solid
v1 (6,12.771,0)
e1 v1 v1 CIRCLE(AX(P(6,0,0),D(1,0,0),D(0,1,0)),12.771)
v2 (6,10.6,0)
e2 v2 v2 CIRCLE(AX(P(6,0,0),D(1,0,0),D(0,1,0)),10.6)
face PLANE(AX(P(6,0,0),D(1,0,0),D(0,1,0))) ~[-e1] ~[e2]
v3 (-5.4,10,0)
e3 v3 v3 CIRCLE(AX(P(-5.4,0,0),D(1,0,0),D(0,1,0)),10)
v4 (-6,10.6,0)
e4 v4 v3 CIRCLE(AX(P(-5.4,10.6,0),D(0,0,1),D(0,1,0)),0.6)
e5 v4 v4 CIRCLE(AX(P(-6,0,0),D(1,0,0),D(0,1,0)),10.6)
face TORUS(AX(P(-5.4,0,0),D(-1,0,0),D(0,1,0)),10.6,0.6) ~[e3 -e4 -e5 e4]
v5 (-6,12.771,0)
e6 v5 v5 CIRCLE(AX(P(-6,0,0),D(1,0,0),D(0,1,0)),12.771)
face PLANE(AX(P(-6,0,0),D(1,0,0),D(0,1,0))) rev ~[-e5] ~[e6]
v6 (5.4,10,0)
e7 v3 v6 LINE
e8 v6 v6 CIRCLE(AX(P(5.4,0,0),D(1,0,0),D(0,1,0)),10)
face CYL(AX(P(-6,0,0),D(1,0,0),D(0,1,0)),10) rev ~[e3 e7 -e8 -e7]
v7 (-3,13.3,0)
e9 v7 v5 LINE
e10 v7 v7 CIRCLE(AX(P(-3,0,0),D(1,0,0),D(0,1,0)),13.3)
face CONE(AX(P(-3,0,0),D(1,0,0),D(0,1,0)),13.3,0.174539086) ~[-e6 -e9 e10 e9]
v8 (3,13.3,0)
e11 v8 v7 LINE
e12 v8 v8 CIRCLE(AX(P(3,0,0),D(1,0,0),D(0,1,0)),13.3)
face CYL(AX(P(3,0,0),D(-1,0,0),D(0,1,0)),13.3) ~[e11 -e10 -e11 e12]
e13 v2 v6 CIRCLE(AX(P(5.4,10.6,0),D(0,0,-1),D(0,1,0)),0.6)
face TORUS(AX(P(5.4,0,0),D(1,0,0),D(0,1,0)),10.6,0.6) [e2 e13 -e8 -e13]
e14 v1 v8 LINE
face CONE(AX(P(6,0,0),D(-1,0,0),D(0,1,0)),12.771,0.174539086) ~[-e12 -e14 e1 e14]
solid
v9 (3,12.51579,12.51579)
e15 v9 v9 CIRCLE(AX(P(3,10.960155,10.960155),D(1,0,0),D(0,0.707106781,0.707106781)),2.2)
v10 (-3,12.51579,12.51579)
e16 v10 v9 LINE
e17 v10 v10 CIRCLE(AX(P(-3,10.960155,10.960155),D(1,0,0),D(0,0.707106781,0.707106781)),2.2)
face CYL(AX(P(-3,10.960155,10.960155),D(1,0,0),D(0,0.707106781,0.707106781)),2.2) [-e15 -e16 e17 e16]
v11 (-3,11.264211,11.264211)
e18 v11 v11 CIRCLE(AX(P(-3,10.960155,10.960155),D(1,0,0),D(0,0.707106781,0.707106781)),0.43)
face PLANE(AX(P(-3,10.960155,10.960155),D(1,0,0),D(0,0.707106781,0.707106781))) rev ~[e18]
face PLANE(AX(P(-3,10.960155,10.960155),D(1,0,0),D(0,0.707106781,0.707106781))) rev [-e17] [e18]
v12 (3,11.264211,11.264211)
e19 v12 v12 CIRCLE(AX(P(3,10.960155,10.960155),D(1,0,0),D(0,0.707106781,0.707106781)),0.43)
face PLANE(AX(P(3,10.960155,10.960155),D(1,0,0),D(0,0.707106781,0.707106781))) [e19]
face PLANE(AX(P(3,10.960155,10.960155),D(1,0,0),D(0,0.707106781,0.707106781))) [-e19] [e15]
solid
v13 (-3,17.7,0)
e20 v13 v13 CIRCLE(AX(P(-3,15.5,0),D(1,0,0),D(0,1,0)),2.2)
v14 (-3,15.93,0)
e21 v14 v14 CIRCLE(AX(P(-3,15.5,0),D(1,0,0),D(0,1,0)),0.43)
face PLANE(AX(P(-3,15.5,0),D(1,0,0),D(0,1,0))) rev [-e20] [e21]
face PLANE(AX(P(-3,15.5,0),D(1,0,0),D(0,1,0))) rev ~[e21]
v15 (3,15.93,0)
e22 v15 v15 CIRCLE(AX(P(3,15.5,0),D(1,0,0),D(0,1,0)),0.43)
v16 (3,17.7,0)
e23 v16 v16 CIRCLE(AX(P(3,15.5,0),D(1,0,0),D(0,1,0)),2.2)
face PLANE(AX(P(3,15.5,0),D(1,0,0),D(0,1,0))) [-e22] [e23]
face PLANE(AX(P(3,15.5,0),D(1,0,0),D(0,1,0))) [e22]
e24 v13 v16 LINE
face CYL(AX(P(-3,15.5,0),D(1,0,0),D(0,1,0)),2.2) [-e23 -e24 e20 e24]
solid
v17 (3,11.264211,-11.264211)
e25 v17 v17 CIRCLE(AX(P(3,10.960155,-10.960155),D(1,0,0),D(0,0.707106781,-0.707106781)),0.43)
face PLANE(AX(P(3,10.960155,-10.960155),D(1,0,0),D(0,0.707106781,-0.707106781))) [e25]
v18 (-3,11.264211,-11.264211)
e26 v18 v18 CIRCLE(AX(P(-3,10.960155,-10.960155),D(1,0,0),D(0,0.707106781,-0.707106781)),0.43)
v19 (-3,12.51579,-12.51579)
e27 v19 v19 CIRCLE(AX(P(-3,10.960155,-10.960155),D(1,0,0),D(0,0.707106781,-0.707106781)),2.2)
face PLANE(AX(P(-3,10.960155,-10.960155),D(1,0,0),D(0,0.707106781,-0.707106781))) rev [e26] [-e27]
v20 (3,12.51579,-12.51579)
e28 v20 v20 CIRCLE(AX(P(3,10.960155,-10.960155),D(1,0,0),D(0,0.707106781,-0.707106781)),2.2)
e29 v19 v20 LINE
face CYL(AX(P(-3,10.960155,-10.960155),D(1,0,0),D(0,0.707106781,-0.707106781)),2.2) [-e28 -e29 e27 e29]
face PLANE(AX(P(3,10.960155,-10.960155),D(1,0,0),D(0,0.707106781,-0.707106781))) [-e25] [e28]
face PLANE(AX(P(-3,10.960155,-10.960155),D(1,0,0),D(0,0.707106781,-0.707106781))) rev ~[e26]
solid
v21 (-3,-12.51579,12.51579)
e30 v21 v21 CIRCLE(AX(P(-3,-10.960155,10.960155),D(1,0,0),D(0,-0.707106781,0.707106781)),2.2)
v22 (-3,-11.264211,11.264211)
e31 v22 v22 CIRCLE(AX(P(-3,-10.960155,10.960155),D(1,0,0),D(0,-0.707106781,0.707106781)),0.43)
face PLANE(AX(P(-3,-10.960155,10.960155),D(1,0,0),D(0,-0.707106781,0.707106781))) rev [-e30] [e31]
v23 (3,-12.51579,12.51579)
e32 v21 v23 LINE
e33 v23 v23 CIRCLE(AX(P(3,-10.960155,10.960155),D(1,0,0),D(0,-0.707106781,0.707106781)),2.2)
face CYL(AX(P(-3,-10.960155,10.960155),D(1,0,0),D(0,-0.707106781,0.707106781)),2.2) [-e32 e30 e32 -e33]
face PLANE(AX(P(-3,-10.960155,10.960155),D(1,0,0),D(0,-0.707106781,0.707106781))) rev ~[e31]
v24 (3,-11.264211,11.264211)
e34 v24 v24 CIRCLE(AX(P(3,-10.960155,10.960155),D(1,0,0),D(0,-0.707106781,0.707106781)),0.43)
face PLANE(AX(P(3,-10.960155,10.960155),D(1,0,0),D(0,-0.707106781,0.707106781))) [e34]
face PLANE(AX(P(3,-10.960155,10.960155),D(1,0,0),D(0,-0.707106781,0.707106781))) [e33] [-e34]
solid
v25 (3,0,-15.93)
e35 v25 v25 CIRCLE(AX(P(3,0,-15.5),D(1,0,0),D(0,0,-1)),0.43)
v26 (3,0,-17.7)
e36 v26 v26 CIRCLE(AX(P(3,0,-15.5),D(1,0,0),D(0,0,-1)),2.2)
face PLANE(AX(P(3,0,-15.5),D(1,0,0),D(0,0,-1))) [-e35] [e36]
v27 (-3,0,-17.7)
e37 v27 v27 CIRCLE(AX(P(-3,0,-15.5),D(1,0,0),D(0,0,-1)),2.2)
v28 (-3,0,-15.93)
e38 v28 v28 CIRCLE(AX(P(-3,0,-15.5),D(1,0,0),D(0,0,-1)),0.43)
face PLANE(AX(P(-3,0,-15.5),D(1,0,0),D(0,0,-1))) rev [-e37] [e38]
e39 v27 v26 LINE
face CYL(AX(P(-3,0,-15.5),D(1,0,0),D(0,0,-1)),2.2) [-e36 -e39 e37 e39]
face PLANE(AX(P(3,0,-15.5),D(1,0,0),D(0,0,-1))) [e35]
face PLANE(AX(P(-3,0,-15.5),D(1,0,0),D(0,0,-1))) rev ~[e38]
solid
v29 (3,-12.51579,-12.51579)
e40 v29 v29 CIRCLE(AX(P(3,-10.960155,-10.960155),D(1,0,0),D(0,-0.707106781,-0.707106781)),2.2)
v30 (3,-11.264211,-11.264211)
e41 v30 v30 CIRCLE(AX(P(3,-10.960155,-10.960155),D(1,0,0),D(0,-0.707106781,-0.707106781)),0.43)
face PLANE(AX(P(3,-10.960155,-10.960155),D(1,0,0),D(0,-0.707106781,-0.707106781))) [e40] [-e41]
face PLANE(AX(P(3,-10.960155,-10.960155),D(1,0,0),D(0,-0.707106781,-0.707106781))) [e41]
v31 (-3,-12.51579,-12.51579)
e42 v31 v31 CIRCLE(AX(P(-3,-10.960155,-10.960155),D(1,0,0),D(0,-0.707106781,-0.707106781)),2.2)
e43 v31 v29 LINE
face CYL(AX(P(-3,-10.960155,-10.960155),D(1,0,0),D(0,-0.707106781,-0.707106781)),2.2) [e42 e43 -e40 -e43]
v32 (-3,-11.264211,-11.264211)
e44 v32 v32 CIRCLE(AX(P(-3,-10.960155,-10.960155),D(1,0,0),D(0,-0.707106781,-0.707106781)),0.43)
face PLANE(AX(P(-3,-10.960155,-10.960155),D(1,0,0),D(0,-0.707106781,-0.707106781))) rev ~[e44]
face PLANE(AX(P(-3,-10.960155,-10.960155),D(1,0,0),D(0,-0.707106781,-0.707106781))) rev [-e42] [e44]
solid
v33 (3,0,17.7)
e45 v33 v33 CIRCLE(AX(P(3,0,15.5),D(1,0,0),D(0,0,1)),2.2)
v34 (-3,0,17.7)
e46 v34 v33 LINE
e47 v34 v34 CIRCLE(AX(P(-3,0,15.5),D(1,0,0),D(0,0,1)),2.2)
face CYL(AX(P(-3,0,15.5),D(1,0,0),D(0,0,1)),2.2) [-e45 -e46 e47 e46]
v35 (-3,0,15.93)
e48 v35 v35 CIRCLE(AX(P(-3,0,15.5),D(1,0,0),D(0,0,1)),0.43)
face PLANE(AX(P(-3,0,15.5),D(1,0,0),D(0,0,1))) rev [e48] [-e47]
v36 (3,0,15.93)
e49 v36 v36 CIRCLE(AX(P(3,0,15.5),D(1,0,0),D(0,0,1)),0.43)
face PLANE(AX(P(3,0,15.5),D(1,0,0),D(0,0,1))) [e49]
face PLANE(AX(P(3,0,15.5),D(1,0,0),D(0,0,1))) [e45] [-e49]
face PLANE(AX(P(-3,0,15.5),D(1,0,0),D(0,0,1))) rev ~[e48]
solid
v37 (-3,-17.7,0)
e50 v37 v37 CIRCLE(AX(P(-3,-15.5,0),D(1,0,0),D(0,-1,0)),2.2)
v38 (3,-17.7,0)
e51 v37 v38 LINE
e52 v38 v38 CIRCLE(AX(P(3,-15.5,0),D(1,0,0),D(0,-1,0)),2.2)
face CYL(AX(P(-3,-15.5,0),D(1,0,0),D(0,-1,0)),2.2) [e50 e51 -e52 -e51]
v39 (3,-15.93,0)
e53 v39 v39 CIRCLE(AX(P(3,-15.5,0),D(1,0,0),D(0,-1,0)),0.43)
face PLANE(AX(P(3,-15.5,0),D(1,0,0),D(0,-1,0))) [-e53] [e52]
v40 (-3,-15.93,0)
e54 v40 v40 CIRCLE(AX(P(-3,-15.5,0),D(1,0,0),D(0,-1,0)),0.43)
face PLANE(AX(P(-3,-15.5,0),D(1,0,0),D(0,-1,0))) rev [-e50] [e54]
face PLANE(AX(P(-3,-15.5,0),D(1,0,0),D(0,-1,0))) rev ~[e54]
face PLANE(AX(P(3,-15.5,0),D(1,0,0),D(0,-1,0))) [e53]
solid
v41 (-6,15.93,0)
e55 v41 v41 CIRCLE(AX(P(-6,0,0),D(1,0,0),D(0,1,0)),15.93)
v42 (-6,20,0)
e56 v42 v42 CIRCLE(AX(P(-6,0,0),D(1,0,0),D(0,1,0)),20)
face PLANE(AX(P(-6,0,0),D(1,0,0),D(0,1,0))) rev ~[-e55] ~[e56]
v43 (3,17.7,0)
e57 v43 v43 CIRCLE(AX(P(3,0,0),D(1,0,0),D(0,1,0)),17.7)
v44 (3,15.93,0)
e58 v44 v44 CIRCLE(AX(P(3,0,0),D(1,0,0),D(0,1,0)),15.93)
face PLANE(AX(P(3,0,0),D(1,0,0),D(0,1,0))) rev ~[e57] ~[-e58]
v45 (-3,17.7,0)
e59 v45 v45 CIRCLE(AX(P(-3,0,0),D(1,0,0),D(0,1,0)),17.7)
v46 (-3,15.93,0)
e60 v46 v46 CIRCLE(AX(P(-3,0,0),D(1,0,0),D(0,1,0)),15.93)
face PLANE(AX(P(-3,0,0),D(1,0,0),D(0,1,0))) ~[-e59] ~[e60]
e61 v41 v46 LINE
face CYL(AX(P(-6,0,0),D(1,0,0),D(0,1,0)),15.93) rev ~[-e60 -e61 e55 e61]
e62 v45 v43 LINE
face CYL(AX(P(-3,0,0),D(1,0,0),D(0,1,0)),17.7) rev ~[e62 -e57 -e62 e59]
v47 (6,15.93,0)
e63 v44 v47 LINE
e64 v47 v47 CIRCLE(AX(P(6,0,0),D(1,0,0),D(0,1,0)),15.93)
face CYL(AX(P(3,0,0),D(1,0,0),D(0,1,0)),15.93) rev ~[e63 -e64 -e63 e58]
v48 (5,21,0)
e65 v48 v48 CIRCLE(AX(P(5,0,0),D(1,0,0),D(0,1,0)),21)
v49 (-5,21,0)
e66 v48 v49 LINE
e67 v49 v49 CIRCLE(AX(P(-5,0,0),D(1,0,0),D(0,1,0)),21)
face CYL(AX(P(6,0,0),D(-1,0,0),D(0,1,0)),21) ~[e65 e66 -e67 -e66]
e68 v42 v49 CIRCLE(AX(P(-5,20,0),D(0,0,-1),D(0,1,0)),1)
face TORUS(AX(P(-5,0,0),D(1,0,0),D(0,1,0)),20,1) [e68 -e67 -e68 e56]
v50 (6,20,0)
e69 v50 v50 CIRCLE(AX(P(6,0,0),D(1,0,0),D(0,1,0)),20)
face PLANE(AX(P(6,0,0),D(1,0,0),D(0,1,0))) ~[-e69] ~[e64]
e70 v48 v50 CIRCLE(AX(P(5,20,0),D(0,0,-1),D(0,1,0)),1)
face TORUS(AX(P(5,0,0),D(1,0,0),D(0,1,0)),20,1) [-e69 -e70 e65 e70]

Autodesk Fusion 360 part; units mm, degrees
sketch "Sketch1" plane through (0, 0, 0) normal (0, 0, 1) x (1, 0, 0)
  line L0 (-32.0679, 0) -> (32.0679, 0)
  line L1 (-6, 10) -> (6, 10)
  line L2 (6, 10) -> (6, 12.771)
  line L3 (6, 12.771) -> (3, 13.3)
  line L4 (3, 13.3) -> (-3, 13.3)
  line L5 (-3, 13.3) -> (-6, 12.771)
  line L6 (-6, 12.771) -> (-6, 10)
  line L7 (-3, 15.93) -> (-3, 17.7)
  line L8 (-3, 17.7) -> (3, 17.7)
  line L9 (3, 17.7) -> (3, 15.93)
  line L10 (3, 15.93) -> (6, 15.93)
  line L11 (6, 15.93) -> (6, 21)
  line L12 (6, 21) -> (-6, 21)
  line L13 (-6, 21) -> (-6, 15.93)
  line L14 (-6, 15.93) -> (-3, 15.93)
  line L15 (-3, 15.93) -> (-3, 13.3)
  line L16 (3, 15.93) -> (3, 13.3)
  line L17 (0, 17.7) -> (0, 13.3) construction
  line L18 (-3, 15.5) -> (3, 15.5)
  point P0 (0, 10)
  point P1 (0, 15.5)
  dimension "d2" = 10
  dimension "d3" = 12
  dimension "d4" = 20
  dimension "d5" = 26.6
  dimension "d6" = 3
  dimension "d7" = 42
  dimension "d8" = 35.4
  dimension "d17" = 31.86
revolve "Revolve1" add sketch "Sketch1" angle 360 about axis through (-32.0679, 0, 0) along (1, 0, 0) contours L1 L2 L3 L4 L5 L6 | L7 L8 L9 L10 L11 L12 L13 L14 makes body 1 at (2, 20.9739, -1.0468) makes body 2 at (-2, 9.9876, -0.4985)
revolve "Revolve2" add sketch "Sketch1" angle 360 about axis through (-3, 15.5, 0) along (1, 0, 0) separate body contours L7 L8 L9 L15 L16 L18 makes body 3
pattern_circular "C-Pattern1" count 8 over 360 about axis through (-32.0679, 0, 0) along (1, 0, 0) of bodies 3 makes body 4 at (1, 12.663, 12.3532) makes body 5 at (1, 0.219, 17.6891) makes body 6 at (1, -12.3532, 12.663) makes body 7 at (1, -17.6891, 0.219) makes body 8 at (1, -12.663, -12.3532) makes body 9 at (1, -0.219, -17.6891) makes body 10 at (1, 12.3532, -12.663)
fillet "Fillet1" radius 1 2 edges at (-6, -7.5939, 19.5789) (6, -7.5939, 19.5789) on bodies 1
fillet "Fillet2" radius 0.6 2 edges at (-6, -3.6162, 9.3233) (6, -3.6162, 9.3233) on bodies 2
